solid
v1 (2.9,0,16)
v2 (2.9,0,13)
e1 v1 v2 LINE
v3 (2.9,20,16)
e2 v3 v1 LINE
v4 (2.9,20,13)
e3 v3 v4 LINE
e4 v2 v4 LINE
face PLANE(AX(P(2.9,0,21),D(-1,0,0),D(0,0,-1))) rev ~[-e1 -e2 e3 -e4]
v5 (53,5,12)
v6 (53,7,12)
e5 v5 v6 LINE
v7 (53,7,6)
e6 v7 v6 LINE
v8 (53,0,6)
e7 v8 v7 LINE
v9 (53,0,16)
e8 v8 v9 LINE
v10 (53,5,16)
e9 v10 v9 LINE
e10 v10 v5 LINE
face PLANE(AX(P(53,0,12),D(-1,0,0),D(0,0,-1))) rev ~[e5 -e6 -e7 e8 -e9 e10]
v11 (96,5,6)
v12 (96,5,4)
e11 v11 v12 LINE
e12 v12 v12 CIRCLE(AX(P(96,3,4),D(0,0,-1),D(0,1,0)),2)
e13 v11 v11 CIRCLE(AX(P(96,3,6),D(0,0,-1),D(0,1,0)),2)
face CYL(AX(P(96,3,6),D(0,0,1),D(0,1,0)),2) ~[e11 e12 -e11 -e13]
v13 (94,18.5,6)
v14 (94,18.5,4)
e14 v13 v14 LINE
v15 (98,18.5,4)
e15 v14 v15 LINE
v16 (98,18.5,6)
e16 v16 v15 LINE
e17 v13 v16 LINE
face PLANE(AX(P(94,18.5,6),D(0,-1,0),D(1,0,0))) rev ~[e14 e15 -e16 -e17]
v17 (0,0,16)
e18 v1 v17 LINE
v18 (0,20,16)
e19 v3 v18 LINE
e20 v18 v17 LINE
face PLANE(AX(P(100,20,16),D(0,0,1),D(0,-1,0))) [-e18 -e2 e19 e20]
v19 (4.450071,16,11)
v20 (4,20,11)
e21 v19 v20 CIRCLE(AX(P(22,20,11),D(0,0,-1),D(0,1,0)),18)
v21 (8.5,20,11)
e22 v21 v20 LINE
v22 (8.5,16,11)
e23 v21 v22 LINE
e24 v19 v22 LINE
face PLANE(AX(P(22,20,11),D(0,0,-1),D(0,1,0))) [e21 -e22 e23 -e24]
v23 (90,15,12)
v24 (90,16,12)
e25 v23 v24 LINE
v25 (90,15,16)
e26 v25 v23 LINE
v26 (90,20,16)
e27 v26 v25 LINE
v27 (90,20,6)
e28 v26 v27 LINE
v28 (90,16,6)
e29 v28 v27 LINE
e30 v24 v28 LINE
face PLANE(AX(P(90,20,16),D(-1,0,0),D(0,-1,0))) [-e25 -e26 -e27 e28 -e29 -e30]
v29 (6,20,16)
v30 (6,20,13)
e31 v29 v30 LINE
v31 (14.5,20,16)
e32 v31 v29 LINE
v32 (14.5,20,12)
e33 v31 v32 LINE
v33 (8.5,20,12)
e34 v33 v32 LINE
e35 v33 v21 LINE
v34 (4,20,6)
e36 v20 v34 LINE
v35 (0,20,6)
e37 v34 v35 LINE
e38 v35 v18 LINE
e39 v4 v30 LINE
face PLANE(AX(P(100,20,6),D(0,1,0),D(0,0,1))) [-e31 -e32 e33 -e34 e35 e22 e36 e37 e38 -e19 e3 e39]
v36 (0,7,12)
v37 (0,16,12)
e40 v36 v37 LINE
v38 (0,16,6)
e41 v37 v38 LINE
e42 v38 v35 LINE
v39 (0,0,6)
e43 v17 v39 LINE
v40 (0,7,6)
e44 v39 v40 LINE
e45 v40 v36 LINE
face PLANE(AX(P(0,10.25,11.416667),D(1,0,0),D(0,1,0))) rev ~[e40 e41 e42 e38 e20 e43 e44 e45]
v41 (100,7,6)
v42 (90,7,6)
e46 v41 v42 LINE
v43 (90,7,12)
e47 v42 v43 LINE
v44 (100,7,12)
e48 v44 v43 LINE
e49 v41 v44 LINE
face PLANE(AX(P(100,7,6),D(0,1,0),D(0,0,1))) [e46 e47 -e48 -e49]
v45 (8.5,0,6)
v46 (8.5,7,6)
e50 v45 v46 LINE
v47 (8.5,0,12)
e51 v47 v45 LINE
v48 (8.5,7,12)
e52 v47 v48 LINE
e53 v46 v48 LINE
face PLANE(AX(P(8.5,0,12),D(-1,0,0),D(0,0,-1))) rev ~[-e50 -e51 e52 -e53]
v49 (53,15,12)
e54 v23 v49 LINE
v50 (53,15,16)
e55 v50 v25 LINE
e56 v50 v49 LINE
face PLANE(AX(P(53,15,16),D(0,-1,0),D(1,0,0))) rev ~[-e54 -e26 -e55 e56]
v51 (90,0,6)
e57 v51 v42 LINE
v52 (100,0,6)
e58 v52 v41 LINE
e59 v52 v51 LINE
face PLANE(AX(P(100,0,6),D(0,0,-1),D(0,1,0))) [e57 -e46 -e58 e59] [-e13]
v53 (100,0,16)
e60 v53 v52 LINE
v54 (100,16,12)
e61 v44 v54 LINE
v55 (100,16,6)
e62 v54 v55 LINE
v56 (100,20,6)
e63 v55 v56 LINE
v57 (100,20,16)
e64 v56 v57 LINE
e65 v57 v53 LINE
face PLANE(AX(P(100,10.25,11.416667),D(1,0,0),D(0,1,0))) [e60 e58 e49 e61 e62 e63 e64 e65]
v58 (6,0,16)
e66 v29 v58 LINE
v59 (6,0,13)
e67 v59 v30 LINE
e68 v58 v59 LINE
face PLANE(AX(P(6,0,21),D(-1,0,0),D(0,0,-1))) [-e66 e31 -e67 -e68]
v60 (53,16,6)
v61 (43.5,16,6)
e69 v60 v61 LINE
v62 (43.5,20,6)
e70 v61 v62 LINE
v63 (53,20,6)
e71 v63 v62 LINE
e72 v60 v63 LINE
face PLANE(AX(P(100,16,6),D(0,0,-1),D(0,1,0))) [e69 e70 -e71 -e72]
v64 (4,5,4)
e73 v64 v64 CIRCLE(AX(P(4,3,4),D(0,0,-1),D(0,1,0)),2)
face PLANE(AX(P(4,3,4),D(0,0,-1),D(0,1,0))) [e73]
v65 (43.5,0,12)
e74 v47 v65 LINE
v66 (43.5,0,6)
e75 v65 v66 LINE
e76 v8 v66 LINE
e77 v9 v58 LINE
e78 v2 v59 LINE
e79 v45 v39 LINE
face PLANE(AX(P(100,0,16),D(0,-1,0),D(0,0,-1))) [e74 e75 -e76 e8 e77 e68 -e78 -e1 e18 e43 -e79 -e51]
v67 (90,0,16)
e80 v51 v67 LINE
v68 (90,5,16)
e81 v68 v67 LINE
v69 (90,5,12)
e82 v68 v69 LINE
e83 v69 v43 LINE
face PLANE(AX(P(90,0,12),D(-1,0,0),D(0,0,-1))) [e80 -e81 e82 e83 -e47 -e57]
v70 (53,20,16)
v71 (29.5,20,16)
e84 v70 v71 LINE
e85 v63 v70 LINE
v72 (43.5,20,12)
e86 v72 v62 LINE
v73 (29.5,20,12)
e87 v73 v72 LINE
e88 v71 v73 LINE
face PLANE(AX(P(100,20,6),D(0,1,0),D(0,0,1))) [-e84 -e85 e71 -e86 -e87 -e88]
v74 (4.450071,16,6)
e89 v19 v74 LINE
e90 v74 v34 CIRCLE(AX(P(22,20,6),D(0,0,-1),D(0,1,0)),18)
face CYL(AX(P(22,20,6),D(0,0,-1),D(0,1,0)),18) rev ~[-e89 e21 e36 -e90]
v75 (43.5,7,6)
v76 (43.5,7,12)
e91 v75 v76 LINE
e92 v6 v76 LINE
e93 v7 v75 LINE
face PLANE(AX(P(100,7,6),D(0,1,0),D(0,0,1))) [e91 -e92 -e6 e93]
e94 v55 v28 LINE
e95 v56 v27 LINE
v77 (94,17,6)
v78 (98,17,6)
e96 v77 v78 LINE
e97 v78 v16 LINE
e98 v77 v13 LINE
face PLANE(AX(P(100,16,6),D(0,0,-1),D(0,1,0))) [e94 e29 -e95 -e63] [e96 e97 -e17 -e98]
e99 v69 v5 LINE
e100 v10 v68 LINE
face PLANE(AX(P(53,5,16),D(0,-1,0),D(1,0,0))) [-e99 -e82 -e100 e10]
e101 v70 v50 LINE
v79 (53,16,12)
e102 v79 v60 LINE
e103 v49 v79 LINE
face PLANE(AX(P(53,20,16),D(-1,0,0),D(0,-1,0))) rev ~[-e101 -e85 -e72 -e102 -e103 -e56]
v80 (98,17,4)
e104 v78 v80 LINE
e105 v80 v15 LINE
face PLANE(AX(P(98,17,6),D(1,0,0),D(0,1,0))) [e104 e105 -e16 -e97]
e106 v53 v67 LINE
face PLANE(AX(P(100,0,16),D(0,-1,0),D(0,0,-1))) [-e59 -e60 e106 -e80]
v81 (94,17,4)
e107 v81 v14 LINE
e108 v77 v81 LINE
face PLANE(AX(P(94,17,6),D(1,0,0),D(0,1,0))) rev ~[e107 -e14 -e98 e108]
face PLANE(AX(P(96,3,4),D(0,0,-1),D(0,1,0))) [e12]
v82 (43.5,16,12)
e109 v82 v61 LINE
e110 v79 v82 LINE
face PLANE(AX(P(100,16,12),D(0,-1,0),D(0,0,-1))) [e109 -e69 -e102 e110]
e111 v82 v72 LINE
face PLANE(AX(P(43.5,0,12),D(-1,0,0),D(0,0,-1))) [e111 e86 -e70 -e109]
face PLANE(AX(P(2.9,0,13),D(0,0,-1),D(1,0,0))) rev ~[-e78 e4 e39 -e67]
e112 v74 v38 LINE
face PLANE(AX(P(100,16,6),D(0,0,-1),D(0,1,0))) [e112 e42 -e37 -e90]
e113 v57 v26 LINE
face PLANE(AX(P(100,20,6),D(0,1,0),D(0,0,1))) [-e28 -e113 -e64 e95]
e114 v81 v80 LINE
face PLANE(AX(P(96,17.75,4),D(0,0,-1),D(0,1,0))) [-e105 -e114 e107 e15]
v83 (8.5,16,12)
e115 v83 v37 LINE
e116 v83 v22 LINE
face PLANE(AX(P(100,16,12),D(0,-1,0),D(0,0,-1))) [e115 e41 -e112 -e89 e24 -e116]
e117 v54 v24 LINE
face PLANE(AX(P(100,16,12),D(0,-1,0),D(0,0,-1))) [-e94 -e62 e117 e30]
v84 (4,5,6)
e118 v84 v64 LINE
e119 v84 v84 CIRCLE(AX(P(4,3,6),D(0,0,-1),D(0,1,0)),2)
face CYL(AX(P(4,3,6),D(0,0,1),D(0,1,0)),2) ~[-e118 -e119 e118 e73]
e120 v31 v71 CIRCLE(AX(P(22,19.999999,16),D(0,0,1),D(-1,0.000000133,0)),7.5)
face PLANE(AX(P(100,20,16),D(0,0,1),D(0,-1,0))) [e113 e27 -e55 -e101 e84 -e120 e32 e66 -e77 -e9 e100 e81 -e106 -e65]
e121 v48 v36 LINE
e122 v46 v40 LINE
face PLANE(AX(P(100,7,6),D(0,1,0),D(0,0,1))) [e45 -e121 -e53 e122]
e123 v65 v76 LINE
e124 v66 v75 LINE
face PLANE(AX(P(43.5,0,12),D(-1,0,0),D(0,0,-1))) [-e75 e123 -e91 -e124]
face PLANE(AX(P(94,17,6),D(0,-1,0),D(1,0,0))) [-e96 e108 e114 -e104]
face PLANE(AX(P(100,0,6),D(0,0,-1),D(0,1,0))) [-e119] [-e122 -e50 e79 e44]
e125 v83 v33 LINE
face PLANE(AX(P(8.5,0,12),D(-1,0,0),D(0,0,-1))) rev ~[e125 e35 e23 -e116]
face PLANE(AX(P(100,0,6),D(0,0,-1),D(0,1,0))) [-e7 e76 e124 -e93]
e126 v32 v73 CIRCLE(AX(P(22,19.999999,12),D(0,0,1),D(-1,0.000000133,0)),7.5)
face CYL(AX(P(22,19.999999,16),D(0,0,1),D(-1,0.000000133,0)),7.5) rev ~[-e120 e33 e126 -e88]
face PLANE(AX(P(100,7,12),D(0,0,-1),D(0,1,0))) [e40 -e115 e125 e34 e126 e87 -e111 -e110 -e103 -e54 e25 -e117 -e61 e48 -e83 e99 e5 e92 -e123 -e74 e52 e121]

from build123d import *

# Parameters (mm, degrees)
PAD008_DEPTH    = 100
SKETCH013_R     = 2
SKETCH013_W     = 1.5
SKETCH013_H     = 4
PAD_DEPTH       = 2
SKETCH005_W     = 6
SKETCH005_H     = 37
SKETCH005_H_2   = 35
POCKET013_DEPTH = 20
SKETCH009_W     = 8
SKETCH009_H     = 3.1
POCKET014_DEPTH = 20
SKETCH007_W     = 5
SKETCH007_H     = 37
POCKET015_DEPTH = 5
SKETCH021_R     = 18
POCKET018_DEPTH = 5


with BuildPart() as part:
    # Sketch004 → Pad008 (new body)
    with BuildSketch(Plane.YZ.offset(100)):
        Polygon((7, 12), (16, 12), (16, 6), (20, 6), (20, 16), (0, 16), (0, 6), (7, 6), align=None)
    extrude(amount=-PAD008_DEPTH)

    # Sketch013 → Pad (new body)
    with BuildSketch(Plane(origin=(100, 0, 6), x_dir=(0, 1, 0), z_dir=(0, 0, -1))):
        with Locations((3, -4)):
            Circle(SKETCH013_R)
        with Locations((3, -96)):
            Circle(SKETCH013_R)
        with Locations((17.75, -4)):
            Rectangle(SKETCH013_W, SKETCH013_H)
    extrude(amount=PAD_DEPTH)

    # Sketch005 → Pocket013 (cut)
    with BuildSketch(Plane(origin=(100, 0, 0), x_dir=(0, 0, -1), z_dir=(0, -1, 0))):
        with Locations((-9, -28.5)):
            Rectangle(SKETCH005_W, SKETCH005_H)
        with Locations((-9, -74)):
            Rectangle(SKETCH005_W, SKETCH005_H_2)
    extrude(amount=-POCKET013_DEPTH, mode=Mode.SUBTRACT)

    # Sketch009 → Pocket014 (cut)
    with BuildSketch(Plane(origin=(100, 0, 0), x_dir=(0, 0, -1), z_dir=(0, -1, 0))):
        with Locations((-17, -95.55)):
            Rectangle(SKETCH009_W, SKETCH009_H)
    extrude(amount=-POCKET014_DEPTH, mode=Mode.SUBTRACT)

    # Sketch007 → Pocket015 (cut)
    with BuildSketch(Plane(origin=(100, 0, 16), x_dir=(0, -1, 0), z_dir=(0, 0, 1))):
        with BuildLine():
            ThreePointArc((-20, -85.5), (-12.499999, -78), (-20, -70.5))
            Line((-20, -85.5), (-20, -70.5))
        make_face()
        with Locations((-17.5, -28.5)):
            Rectangle(SKETCH007_W, SKETCH007_H)
        with Locations((-2.5, -28.5)):
            Rectangle(SKETCH007_W, SKETCH007_H)
    extrude(amount=-POCKET015_DEPTH, mode=Mode.SUBTRACT)

    # Sketch021 → Pocket018 (cut)
    with BuildSketch(Plane(origin=(100, 0, 6), x_dir=(0, 1, 0), z_dir=(0, 0, -1))):
        with Locations((20, -78)):
            Circle(SKETCH021_R)
    extrude(amount=-POCKET018_DEPTH, mode=Mode.SUBTRACT)


solid = part.part
